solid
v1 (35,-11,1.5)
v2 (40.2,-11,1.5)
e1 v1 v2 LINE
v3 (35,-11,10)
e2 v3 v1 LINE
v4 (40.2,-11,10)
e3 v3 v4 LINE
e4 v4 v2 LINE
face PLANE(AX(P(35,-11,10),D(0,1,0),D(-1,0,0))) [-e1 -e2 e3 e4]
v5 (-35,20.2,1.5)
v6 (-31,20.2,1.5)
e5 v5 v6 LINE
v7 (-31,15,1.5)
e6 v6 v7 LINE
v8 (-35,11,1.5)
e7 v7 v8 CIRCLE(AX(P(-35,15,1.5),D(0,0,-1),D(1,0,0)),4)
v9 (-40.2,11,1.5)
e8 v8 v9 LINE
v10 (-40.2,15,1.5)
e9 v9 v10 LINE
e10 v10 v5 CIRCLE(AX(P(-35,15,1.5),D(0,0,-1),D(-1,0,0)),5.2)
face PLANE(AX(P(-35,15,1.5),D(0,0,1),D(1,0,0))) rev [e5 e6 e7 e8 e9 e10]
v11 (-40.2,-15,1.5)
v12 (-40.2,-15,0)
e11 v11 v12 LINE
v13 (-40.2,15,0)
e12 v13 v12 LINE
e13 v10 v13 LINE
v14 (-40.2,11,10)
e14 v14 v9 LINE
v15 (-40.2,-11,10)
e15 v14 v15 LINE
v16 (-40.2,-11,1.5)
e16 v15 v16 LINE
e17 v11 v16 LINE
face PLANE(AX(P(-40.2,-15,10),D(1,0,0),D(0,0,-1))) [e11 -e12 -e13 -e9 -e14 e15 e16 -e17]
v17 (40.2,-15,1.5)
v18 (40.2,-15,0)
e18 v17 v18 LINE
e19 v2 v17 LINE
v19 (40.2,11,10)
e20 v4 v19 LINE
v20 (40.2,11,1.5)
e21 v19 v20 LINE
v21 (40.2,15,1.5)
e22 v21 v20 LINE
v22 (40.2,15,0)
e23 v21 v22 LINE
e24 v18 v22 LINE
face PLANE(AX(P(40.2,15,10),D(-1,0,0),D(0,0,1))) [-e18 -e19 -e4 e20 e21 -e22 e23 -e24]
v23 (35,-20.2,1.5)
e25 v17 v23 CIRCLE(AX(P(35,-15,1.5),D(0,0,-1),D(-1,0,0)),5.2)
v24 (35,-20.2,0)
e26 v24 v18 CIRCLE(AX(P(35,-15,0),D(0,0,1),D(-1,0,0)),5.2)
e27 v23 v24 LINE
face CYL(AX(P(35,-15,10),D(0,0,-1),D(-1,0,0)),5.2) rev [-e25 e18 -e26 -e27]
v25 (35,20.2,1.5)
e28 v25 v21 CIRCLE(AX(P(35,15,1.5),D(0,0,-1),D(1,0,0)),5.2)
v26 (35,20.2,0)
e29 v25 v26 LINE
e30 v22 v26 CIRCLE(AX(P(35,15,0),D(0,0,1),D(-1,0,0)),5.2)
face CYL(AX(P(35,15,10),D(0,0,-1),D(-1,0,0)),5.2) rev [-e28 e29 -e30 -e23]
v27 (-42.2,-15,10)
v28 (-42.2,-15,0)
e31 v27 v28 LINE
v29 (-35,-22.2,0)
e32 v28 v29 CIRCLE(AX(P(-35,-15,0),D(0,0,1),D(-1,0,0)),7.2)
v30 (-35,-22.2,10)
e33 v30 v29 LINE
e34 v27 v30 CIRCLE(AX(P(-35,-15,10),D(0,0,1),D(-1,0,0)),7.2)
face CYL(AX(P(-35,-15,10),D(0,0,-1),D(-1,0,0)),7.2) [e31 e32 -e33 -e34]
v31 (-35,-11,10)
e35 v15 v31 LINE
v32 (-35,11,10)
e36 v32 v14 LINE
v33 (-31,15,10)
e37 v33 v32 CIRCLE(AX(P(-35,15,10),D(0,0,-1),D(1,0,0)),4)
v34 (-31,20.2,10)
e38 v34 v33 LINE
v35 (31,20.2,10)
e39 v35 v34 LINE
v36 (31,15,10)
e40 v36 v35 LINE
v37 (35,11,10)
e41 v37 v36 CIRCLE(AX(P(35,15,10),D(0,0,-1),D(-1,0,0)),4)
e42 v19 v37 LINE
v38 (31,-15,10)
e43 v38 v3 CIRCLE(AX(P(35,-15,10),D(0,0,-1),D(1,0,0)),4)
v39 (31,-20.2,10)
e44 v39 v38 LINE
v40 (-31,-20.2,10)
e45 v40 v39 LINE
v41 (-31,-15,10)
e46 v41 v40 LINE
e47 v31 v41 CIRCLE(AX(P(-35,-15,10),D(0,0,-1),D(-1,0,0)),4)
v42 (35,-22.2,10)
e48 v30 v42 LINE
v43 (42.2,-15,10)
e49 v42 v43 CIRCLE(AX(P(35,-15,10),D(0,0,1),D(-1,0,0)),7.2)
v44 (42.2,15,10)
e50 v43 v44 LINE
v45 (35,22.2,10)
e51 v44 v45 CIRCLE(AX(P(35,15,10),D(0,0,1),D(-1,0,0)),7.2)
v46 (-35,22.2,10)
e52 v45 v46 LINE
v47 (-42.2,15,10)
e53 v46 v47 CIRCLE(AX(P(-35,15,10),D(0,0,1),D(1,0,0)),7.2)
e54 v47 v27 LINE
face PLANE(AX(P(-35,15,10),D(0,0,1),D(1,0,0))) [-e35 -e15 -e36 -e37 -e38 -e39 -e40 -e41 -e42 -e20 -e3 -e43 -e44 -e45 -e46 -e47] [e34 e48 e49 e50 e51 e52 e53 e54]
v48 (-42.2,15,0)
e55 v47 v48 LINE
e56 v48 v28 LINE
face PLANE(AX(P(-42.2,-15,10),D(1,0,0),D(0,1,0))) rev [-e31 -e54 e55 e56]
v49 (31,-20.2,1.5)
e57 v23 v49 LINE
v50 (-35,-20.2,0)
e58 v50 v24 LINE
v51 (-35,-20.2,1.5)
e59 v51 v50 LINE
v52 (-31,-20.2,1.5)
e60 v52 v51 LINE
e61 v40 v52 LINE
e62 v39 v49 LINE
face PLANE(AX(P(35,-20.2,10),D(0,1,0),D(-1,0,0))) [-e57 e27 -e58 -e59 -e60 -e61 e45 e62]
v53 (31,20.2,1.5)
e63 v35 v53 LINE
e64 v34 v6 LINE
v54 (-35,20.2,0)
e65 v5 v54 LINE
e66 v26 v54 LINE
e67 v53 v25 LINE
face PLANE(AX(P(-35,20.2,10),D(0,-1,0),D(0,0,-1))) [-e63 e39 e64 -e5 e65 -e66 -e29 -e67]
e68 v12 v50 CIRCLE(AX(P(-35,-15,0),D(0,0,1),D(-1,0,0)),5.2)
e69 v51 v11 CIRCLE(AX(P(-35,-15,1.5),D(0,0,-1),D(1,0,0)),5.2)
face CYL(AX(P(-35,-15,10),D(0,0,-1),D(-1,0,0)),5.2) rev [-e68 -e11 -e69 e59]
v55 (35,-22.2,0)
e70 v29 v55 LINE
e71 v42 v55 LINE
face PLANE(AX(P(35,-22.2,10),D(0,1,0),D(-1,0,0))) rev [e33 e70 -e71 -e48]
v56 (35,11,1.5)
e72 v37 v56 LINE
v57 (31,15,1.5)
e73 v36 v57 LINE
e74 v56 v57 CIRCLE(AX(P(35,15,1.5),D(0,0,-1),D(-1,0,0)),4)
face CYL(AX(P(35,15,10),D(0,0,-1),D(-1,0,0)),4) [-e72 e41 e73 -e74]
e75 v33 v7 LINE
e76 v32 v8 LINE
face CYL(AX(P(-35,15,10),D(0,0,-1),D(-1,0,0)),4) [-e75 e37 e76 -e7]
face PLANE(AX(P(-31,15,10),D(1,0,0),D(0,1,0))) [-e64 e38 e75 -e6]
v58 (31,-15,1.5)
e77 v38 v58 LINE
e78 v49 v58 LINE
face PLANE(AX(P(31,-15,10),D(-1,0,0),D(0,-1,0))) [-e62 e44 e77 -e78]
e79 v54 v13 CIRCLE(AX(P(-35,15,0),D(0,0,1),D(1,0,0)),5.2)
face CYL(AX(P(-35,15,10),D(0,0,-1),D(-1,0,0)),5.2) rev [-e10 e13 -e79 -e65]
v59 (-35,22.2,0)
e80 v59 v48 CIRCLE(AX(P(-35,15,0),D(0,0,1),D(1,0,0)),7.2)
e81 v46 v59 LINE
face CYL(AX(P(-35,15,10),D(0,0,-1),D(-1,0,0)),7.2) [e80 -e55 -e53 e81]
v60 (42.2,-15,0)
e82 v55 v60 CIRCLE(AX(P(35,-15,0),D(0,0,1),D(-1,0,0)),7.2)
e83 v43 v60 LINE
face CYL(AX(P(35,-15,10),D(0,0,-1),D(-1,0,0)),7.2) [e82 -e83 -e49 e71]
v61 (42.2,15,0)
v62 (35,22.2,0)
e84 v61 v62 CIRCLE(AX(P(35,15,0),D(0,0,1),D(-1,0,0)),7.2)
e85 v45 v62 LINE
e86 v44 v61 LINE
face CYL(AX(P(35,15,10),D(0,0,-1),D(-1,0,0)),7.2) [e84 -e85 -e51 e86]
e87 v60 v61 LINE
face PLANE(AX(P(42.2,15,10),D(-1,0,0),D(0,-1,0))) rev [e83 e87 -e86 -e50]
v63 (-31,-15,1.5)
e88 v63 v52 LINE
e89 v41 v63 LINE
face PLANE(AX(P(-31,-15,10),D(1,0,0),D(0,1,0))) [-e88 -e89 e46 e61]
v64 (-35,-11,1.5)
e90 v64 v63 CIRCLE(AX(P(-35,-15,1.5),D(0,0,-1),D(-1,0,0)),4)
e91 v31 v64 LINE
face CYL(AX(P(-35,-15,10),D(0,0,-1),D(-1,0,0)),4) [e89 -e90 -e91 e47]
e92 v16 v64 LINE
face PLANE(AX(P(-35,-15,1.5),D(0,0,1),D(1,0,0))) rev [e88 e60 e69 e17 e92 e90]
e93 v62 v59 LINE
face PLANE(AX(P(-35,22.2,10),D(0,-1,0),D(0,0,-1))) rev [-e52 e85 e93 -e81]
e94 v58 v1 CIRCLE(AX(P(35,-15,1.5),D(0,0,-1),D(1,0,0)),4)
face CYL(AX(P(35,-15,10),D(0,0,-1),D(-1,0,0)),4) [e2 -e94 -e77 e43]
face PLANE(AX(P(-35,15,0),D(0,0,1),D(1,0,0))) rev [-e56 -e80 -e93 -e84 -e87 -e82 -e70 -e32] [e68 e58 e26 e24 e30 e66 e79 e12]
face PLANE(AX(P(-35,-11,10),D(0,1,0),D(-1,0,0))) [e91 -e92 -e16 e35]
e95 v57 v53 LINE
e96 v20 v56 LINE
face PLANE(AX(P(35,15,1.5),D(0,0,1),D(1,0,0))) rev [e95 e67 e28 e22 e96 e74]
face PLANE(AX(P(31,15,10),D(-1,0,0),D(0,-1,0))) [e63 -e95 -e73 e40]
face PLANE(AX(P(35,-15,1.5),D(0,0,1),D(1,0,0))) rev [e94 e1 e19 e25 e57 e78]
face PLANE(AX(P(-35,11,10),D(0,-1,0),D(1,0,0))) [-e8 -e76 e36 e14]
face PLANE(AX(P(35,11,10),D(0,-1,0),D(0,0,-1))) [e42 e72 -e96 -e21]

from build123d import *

# Parameters (mm, degrees)
EXTRUDE_1_DEPTH = 10
EXTRUDE_START   = -1.5
EXTRUDE_2_DEPTH = 8.5


with BuildPart() as part:
    # Эскиз1 → Бобышка-Вытянуть1 (new body)
    with BuildSketch(Plane.XY):
        with BuildLine():
            Line((-35, 22.2), (35, 22.2))
            ThreePointArc((35, 22.2), (40.091168825, 20.091168825), (42.2, 15))
            Line((42.2, 15), (42.2, -15))
            ThreePointArc((42.2, -15), (40.091168825, -20.091168825), (35, -22.2))
            Line((35, -22.2), (-35, -22.2))
            ThreePointArc((-35, -22.2), (-40.091168825, -20.091168825), (-42.2, -15))
            Line((-42.2, -15), (-42.2, 15))
            ThreePointArc((-42.2, 15), (-40.091168825, 20.091168825), (-35, 22.2))
        make_face()
        with BuildLine():
            Line((-40.2, -15), (-40.2, 15))
            ThreePointArc((-40.2, 15), (-38.676955262, 18.676955262), (-35, 20.2))
            Line((-35, 20.2), (35, 20.2))
            ThreePointArc((35, 20.2), (38.676955262, 18.676955262), (40.2, 15))
            Line((40.2, 15), (40.2, -15))
            ThreePointArc((40.2, -15), (38.676955262, -18.676955262), (35, -20.2))
            Line((35, -20.2), (-35, -20.2))
            ThreePointArc((-35, -20.2), (-38.676955262, -18.676955262), (-40.2, -15))
        make_face(mode=Mode.SUBTRACT)
    extrude(amount=EXTRUDE_1_DEPTH)

    # Эскиз2 → Бобышка-Вытянуть2 (add)
    with BuildSketch(Plane(origin=(0, 0, 0), x_dir=(-1, 0, 0), z_dir=(0, 0, -1)).offset(EXTRUDE_START)):
        with BuildLine():
            Line((31, 15), (31, 20.2))
            Line((31, 20.2), (35, 20.2))
            ThreePointArc((35, 20.2), (38.676955262, 18.676955262), (40.2, 15))
            Line((40.2, 15), (40.2, 11))
            Line((40.2, 11), (35, 11))
            ThreePointArc((35, 11), (32.171572875, 12.171572875), (31, 15))
        make_face()
        with BuildLine():
            Line((-35, 20.2), (-31, 20.2))
            Line((-31, 20.2), (-31, 15))
            ThreePointArc((-31, 15), (-32.171572875, 12.171572875), (-35, 11))
            Line((-35, 11), (-40.2, 11))
            Line((-40.2, 11), (-40.2, 15))
            ThreePointArc((-40.2, 15), (-38.676955262, 18.676955262), (-35, 20.2))
        make_face()
        with BuildLine():
            Line((-31, -15), (-31, -20.2))
            Line((-31, -20.2), (-35, -20.2))
            ThreePointArc((-35, -20.2), (-38.676955262, -18.676955262), (-40.2, -15))
            Line((-40.2, -15), (-40.2, -11))
            Line((-40.2, -11), (-35, -11))
            ThreePointArc((-35, -11), (-32.171572875, -12.171572875), (-31, -15))
        make_face()
        with BuildLine():
            Line((35, -20.2), (31, -20.2))
            Line((31, -20.2), (31, -15))
            ThreePointArc((31, -15), (32.171572875, -12.171572875), (35, -11))
            Line((35, -11), (40.2, -11))
            Line((40.2, -11), (40.2, -15))
            ThreePointArc((40.2, -15), (38.676955262, -18.676955262), (35, -20.2))
        make_face()
    extrude(amount=-EXTRUDE_2_DEPTH)


solid = part.part
